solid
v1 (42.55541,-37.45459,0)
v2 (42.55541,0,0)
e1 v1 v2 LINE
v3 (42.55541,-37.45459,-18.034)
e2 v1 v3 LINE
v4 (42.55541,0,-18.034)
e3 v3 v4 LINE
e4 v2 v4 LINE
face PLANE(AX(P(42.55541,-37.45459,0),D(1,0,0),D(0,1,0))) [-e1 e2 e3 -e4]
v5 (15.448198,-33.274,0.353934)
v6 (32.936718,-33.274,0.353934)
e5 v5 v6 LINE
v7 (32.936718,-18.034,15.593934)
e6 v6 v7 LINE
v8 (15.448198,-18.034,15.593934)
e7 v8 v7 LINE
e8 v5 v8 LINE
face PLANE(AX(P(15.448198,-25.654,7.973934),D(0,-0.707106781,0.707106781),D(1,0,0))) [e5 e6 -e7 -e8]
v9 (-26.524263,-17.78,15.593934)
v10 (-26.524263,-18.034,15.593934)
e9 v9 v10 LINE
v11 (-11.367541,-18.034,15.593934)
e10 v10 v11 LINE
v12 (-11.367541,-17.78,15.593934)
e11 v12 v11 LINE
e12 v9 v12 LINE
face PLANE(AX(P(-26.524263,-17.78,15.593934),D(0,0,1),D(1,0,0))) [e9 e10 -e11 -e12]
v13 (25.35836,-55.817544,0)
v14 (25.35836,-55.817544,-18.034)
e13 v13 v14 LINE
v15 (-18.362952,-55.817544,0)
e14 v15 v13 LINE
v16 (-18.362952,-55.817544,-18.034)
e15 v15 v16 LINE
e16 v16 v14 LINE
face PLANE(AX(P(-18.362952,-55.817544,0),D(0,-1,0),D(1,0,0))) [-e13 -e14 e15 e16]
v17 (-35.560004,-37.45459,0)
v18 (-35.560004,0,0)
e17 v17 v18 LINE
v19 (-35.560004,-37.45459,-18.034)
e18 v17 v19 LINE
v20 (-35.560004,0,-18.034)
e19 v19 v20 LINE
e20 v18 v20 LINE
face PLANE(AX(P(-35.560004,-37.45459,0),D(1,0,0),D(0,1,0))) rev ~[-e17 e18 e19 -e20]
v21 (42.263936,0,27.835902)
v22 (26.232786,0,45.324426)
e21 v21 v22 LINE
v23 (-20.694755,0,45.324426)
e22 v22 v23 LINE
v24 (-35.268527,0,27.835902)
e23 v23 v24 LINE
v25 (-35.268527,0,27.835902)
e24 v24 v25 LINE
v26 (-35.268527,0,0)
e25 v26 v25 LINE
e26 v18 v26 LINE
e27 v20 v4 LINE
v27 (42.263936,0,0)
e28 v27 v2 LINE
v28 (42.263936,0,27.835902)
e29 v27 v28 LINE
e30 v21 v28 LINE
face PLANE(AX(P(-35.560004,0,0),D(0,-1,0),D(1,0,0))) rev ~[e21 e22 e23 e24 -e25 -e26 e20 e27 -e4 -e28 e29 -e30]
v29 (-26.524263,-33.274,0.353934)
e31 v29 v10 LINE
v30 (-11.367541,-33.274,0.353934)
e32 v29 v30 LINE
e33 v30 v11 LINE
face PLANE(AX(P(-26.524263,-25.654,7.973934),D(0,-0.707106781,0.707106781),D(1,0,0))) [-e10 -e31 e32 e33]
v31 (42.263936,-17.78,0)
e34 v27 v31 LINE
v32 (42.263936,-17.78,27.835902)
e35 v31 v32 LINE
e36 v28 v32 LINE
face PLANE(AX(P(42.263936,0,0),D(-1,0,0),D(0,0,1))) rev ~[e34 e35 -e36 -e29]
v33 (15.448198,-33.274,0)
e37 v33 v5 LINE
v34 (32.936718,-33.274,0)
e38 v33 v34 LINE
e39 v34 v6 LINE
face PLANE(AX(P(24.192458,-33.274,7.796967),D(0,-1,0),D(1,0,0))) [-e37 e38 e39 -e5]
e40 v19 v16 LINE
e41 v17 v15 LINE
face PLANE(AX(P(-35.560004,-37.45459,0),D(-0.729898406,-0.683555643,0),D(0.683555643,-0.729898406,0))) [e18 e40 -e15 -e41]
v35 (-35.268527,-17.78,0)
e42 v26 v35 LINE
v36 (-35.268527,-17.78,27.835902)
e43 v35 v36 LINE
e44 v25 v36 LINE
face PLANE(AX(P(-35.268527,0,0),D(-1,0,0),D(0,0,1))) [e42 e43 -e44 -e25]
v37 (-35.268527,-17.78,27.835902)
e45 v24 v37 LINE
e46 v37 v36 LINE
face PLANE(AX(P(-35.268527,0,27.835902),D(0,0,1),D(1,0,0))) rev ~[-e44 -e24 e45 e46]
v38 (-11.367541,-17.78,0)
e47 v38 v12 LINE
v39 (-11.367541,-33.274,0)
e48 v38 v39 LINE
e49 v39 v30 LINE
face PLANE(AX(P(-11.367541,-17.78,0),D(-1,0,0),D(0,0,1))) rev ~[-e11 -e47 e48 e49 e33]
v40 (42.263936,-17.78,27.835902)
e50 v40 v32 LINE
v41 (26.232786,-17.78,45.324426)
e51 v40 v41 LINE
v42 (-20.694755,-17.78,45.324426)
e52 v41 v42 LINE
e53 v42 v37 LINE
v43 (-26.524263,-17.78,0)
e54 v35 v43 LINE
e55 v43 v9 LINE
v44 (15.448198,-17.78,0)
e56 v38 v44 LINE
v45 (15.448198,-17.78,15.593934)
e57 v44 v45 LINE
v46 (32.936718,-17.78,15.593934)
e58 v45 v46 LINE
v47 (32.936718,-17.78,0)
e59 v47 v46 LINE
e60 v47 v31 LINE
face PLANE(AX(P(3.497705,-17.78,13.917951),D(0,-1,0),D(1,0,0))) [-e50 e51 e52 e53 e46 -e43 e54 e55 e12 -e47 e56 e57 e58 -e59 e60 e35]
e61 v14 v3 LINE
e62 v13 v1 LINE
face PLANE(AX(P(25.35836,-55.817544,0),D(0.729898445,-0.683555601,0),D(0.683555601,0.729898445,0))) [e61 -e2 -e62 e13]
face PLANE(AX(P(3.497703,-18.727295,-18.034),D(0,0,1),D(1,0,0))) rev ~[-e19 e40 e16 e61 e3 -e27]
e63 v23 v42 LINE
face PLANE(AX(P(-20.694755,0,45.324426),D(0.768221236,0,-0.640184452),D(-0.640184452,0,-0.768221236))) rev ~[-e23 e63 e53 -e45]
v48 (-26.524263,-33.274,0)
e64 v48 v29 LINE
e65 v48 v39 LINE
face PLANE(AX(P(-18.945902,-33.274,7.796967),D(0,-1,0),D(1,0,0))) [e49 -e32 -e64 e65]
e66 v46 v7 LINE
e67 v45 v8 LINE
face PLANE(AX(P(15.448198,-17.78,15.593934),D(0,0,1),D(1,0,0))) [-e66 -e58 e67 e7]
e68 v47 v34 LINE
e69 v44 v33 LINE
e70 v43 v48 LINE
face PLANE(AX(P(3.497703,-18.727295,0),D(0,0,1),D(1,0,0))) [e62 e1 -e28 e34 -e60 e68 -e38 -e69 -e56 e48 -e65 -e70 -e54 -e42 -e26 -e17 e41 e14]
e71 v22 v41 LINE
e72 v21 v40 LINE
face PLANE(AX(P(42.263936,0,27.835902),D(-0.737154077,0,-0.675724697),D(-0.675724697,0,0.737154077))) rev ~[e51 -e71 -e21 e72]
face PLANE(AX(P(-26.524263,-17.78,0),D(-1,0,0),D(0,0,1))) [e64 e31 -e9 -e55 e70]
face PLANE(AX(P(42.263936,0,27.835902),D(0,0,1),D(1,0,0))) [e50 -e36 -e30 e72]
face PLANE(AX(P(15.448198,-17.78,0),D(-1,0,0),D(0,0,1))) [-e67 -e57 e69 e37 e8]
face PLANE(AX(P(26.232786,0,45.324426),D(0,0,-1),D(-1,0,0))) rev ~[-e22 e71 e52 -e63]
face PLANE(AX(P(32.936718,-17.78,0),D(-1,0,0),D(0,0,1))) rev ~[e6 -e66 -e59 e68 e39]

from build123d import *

# Parameters (mm, degrees)
F0_W     = 77.532463
F0_H     = 27.835902
F1_DEPTH = 17.78
F2_W     = 78.115414
F2_H     = 37.45459
F3_DEPTH = 18.034
F4_W     = 15.156722
F4_H     = 15.593934
F4_W_2   = 17.48852
F5_DEPTH = 15.494
F6_SIZE  = 15.24


with BuildPart() as f1:
    # F0 (on Front) → F1 (new body)
    with BuildSketch(Plane.XZ):
        with Locations((3.497705, 13.917951)):
            Rectangle(F0_W, F0_H)
        Polygon((-20.694755, 45.324426), (-35.268527, 27.835902), (42.263936, 27.835902), (26.232786, 45.324426), align=None)
    extrude(amount=F1_DEPTH)

    # F2 (on Top) → F3 (join)
    with BuildSketch(Plane.XY):
        with Locations((3.497703, -18.727295)):
            Rectangle(F2_W, F2_H)
        Polygon((25.35836, -55.817544), (42.55541, -37.45459), (-35.560004, -37.45459), (-18.362952, -55.817544), align=None)
    extrude(amount=-F3_DEPTH)

    # F4 (on face) → F5 (join)
    with BuildSketch(Plane.XZ.offset(17.78)):
        with Locations((-18.945902, 7.796967)):
            Rectangle(F4_W, F4_H)
        with Locations((24.192458, 7.796967)):
            Rectangle(F4_W_2, F4_H)
    extrude(amount=F5_DEPTH)

    # F6
    f6_edges = [f1.edges().sort_by_distance(p)[0] for p in [
        (-18.945902, -33.274, 15.593934),
        (24.192458, -33.274, 15.593934),
    ]]
    chamfer(f6_edges, length=F6_SIZE)


solid = f1.part
